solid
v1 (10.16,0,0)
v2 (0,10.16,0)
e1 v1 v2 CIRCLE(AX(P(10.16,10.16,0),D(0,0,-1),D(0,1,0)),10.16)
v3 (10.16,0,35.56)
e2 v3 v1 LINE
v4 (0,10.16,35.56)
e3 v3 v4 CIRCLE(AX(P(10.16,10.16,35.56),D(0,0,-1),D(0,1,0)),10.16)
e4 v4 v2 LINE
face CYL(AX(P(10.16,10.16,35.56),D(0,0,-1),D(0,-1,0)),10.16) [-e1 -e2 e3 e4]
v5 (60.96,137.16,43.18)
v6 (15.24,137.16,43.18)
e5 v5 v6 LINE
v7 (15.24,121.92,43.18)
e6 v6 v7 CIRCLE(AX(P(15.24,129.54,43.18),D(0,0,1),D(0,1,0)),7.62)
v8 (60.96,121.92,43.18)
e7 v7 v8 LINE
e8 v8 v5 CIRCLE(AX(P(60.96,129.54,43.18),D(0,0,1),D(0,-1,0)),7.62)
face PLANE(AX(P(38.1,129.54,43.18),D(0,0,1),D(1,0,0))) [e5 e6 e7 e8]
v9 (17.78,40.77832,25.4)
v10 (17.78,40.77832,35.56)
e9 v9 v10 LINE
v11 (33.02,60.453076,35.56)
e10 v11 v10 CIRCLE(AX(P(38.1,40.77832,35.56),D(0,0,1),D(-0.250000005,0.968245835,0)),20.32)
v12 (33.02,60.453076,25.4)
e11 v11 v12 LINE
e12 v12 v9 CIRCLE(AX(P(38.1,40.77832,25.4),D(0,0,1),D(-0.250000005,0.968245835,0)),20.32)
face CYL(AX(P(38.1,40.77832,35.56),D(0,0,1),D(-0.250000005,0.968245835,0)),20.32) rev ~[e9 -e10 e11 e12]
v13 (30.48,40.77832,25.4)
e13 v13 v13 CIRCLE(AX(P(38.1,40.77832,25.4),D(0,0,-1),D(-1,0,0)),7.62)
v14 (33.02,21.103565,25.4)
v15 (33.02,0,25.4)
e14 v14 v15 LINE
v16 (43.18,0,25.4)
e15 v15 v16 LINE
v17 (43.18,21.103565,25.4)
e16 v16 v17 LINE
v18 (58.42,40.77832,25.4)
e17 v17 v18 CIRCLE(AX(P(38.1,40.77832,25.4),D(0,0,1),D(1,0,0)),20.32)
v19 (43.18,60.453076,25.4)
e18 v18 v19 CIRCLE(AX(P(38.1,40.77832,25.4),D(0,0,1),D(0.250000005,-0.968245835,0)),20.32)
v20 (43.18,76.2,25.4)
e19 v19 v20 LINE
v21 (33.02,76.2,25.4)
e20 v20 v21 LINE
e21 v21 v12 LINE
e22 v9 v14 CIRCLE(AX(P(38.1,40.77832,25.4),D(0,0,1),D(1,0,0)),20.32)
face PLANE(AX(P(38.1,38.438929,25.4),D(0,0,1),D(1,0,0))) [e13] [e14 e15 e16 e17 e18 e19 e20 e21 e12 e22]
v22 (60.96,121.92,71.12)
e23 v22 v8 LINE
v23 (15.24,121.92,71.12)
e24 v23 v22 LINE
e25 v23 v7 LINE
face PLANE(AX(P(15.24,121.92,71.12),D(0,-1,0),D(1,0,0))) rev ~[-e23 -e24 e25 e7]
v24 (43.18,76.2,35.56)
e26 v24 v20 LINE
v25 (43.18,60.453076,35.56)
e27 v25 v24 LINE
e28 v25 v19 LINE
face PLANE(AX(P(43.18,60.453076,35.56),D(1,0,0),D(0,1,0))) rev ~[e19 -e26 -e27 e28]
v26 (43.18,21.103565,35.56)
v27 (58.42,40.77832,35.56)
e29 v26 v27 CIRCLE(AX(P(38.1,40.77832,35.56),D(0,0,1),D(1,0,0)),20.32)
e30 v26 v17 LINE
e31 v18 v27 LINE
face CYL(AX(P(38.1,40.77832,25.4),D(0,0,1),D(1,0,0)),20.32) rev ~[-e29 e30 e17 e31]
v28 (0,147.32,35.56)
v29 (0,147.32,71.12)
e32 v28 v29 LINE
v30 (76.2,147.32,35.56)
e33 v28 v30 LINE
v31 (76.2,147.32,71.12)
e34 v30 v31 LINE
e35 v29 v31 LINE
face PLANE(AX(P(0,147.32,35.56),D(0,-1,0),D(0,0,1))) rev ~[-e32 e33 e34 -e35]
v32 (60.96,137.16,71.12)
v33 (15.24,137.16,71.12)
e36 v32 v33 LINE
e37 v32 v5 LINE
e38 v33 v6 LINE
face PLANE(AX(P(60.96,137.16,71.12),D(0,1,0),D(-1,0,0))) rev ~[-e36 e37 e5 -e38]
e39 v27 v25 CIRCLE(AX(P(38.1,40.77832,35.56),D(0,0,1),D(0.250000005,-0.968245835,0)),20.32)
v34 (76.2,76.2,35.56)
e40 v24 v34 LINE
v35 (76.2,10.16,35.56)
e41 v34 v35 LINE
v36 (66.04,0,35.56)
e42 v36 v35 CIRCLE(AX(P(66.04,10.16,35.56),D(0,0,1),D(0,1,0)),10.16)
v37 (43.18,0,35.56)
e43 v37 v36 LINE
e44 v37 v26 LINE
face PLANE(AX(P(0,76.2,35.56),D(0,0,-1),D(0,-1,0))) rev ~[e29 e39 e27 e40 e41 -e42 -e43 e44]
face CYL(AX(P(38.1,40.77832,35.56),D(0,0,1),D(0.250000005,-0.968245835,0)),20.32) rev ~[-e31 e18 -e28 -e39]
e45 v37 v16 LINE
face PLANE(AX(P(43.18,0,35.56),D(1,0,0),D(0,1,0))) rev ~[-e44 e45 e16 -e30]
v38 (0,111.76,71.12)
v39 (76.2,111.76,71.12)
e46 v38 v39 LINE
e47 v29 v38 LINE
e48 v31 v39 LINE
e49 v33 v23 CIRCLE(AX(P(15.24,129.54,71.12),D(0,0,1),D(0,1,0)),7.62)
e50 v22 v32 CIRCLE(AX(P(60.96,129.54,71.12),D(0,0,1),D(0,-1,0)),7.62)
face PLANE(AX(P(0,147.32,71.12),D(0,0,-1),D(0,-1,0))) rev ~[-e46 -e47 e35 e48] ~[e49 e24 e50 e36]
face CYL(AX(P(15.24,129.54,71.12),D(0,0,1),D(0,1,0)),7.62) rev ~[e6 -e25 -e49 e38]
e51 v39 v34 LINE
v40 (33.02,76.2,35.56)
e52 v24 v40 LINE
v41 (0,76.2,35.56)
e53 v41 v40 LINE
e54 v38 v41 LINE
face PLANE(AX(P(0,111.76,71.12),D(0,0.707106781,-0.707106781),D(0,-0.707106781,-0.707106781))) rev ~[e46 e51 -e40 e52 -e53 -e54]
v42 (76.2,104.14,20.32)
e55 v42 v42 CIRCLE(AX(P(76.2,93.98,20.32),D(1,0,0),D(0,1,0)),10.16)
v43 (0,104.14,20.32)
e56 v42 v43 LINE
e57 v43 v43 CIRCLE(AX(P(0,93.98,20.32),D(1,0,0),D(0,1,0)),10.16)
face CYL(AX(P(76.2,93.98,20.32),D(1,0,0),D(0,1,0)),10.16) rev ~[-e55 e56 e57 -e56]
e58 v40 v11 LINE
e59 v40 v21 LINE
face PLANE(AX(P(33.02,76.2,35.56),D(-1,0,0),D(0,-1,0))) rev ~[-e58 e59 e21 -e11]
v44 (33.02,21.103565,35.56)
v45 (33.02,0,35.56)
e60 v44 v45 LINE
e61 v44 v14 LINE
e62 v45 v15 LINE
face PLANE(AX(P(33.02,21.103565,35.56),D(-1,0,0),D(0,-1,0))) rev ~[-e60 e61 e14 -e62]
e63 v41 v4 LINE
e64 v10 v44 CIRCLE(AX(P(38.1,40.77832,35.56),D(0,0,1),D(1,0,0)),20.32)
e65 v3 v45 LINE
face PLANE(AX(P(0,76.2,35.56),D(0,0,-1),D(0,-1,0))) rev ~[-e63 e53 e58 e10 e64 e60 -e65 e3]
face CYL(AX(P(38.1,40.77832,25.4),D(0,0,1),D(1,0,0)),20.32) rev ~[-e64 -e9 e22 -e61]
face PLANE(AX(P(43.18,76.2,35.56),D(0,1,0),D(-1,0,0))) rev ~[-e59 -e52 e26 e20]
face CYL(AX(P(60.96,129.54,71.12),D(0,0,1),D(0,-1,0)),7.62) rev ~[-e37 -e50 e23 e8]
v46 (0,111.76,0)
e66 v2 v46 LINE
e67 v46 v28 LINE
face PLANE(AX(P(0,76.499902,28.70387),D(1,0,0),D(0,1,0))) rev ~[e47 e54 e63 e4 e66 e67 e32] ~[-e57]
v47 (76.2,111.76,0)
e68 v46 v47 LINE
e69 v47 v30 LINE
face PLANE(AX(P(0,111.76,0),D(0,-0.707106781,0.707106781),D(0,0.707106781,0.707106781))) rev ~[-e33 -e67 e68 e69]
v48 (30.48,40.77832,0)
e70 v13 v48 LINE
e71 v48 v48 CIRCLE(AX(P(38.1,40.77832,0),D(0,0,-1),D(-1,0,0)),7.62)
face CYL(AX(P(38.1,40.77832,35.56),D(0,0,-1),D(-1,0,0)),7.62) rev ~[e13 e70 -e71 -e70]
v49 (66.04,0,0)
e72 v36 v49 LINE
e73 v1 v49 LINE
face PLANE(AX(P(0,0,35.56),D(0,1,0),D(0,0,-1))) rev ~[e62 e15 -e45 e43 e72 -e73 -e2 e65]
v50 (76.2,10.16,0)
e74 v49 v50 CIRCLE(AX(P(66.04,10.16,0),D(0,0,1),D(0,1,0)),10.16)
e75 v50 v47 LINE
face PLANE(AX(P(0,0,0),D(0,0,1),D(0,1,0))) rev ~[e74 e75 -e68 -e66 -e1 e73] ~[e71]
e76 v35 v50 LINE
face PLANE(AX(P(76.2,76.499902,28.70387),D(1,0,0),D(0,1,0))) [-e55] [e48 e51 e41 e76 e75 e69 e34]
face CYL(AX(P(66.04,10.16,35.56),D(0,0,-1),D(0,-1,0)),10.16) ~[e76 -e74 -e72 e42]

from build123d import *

# Parameters (mm, degrees)
F1_DEPTH       = 76.2
F3_D           = 15.24
F3_CBORE_D     = 40.64
F3_CBORE_DEPTH = 10.16
F4_DEPTH       = 10.16
F5_R           = 10.16
F6_DEPTH       = 76.2
F8_DEPTH       = 27.94
F9_R           = 10.16


with BuildPart() as f1:
    # F0 (on Right) → F1 (new body)
    with BuildSketch(Plane.YZ):
        Polygon((0, 35.56), (0, 0), (111.76, 0), (147.32, 35.56), (147.32, 71.12), (111.76, 71.12), (76.2, 35.56), align=None)
    extrude(amount=F1_DEPTH)

    # F3 (through all)
    with Locations(Plane.XY.offset(35.56)):
        with Locations((38.1, 40.77832)):
            CounterBoreHole(F3_D / 2, F3_CBORE_D / 2, F3_CBORE_DEPTH)

    # F2 (on face) → F4 (cut)
    with BuildSketch(Plane.XY.offset(35.56)):
        with BuildLine():
            Line((33.02, 76.2), (33.02, 60.453076))
            ThreePointArc((33.02, 60.453076), (17.78, 40.77832), (33.02, 21.103565))
            Line((33.02, 21.103565), (33.02, 0))
            Line((33.02, 0), (43.18, 0))
            Line((43.18, 0), (43.18, 21.103565))
            ThreePointArc((43.18, 21.103565), (58.42, 40.77832), (43.18, 60.453076))
            Line((43.18, 60.453076), (43.18, 76.2))
            Line((43.18, 76.2), (33.02, 76.2))
        make_face()
    extrude(amount=-F4_DEPTH, mode=Mode.SUBTRACT)

    # F5 (on face) → F6 (cut)
    with BuildSketch(Plane.YZ.offset(76.2)):
        with Locations((93.98, 20.32)):
            Circle(F5_R)
    extrude(amount=-F6_DEPTH, mode=Mode.SUBTRACT)

    # F7 (on face) → F8 (cut)
    with BuildSketch(Plane.XY.offset(71.12)):
        with BuildLine():
            Line((60.96, 137.16), (15.24, 137.16))
            ThreePointArc((15.24, 137.16), (7.62, 129.54), (15.24, 121.92))
            Line((15.24, 121.92), (60.96, 121.92))
            ThreePointArc((60.96, 121.92), (68.58, 129.54), (60.96, 137.16))
        make_face()
    extrude(amount=-F8_DEPTH, mode=Mode.SUBTRACT)

    # F9
    f9_edges = [f1.edges().sort_by_distance(p)[0] for p in [
        (0, 0, 17.78),
        (76.2, 0, 17.78),
    ]]
    fillet(f9_edges, radius=F9_R)


solid = f1.part
